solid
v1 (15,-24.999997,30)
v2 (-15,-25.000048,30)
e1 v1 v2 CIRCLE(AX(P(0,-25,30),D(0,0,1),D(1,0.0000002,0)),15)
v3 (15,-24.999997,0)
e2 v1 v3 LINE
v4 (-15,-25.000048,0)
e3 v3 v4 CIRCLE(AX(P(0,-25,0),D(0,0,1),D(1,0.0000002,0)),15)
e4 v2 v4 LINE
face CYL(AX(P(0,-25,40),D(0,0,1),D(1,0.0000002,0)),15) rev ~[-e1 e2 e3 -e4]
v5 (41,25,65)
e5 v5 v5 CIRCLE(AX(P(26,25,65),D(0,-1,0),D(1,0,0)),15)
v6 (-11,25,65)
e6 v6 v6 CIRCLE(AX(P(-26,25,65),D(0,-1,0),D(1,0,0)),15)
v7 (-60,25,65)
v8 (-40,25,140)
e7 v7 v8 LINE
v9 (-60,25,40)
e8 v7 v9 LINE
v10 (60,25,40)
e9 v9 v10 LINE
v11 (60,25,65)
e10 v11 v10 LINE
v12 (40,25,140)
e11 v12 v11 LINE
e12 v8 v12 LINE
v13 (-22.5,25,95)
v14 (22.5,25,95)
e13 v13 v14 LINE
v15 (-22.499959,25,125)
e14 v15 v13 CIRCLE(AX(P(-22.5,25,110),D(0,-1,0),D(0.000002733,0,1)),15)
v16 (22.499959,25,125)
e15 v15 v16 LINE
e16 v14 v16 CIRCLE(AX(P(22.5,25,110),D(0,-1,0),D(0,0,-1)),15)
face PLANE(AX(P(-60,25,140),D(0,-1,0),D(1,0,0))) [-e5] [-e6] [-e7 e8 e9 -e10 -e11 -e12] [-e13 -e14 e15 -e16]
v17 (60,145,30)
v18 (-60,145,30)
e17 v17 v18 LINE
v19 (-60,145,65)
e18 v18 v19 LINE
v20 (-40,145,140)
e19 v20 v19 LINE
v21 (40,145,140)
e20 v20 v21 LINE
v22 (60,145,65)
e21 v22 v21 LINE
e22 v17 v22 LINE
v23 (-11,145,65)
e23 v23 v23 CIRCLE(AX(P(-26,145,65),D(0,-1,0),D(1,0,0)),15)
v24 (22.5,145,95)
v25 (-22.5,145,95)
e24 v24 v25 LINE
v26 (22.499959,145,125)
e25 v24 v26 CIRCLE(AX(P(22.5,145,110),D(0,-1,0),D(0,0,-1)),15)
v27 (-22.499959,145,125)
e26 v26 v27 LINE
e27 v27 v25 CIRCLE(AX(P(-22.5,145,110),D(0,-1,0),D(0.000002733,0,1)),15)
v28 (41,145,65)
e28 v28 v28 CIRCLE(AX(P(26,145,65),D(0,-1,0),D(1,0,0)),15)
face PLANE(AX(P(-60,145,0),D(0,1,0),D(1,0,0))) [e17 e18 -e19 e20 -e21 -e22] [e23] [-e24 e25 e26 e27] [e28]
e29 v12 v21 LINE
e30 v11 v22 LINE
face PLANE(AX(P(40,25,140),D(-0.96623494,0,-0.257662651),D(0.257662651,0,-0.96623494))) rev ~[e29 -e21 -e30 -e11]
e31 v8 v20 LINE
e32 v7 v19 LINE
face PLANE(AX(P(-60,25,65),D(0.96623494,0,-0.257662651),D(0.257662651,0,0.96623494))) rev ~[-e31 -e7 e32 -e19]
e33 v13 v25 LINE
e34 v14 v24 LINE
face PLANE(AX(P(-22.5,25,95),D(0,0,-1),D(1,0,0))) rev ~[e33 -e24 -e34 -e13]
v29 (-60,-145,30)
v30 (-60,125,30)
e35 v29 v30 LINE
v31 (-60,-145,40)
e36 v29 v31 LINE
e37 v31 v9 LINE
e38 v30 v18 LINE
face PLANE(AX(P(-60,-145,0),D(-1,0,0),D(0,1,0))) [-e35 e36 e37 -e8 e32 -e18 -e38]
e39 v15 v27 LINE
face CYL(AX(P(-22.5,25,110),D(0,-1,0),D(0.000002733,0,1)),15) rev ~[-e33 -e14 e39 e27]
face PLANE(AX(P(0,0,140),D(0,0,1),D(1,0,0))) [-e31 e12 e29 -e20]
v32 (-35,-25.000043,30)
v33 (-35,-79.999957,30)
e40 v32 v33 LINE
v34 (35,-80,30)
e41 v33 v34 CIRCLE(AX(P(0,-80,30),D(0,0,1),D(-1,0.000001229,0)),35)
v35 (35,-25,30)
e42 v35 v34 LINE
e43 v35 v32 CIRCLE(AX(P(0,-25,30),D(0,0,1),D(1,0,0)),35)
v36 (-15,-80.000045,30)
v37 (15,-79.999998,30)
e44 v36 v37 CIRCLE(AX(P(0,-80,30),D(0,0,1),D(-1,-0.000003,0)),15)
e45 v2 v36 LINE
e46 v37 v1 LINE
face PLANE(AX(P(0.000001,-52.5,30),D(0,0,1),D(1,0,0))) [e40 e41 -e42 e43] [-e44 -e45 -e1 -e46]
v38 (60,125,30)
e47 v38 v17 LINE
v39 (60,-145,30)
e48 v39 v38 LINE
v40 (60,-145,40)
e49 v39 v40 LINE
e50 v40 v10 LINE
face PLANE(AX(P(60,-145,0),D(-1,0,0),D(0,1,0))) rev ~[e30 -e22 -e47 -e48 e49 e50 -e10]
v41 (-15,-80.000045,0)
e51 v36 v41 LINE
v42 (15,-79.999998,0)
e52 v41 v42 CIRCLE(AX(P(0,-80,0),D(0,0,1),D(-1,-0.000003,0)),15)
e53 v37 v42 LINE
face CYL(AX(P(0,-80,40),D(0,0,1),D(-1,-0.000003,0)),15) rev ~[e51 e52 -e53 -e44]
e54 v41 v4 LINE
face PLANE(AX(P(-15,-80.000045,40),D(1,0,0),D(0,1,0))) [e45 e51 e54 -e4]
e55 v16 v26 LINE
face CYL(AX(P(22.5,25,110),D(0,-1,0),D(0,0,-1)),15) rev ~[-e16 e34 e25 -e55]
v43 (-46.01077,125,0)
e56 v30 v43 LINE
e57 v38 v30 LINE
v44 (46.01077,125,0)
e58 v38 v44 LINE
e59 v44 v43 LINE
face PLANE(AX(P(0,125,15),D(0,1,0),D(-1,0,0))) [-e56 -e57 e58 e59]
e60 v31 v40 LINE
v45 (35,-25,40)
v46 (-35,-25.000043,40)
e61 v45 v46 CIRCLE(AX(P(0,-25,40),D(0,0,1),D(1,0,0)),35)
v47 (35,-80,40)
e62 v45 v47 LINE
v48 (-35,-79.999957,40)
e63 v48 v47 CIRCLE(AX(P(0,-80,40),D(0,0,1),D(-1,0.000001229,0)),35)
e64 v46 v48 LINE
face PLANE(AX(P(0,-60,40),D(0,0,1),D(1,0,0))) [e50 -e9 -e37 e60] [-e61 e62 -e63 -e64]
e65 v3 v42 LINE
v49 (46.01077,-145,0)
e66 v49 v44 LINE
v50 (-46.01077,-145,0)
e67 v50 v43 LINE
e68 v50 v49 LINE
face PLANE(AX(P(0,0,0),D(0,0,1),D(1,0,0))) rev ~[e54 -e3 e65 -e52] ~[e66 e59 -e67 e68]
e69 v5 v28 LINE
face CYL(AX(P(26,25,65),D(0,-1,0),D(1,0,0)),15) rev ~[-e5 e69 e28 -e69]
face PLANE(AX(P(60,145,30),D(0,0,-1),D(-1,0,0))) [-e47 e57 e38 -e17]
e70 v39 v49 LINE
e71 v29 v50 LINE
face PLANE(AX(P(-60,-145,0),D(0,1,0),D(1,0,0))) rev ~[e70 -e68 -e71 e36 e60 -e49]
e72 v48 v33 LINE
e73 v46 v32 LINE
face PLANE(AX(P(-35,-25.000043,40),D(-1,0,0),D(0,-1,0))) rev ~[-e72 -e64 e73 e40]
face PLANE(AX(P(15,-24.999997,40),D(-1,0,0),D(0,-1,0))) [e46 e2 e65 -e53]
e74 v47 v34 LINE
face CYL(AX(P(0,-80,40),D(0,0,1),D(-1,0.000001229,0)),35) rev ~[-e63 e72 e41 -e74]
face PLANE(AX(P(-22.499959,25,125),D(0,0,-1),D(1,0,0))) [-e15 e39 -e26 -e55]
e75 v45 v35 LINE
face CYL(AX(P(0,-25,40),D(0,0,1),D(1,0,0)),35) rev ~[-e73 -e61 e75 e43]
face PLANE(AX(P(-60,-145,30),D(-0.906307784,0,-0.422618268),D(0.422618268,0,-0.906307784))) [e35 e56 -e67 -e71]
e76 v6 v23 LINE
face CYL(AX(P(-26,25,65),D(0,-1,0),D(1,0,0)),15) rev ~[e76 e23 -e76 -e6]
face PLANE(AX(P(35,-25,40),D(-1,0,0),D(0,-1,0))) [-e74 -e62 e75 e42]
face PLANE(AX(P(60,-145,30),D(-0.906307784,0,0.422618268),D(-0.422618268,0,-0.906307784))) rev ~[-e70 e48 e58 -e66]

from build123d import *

# Parameters (mm, degrees)
SKETCH_W        = 120
SKETCH_H        = 290
PAD_DEPTH       = 140
SKETCH001_W     = 120
SKETCH001_H     = 170
POCKET_DEPTH    = 100
POCKET001_DEPTH = 120.001
SKETCH003_R     = 15
POCKET002_DEPTH = 120.001
POCKET003_DEPTH = 290.001
SKETCH005_W     = 120
SKETCH005_H     = 30
POCKET004_DEPTH = 20
POCKET005_DEPTH = 40.001
POCKET006_DEPTH = 10


with BuildPart() as part:
    # Sketch → Pad (new body)
    with BuildSketch(Plane.XY):
        Rectangle(SKETCH_W, SKETCH_H)
    extrude(amount=PAD_DEPTH)

    # Sketch001 → Pocket (cut)
    with BuildSketch(Plane.XY.offset(140)):
        with Locations((0, -60)):
            Rectangle(SKETCH001_W, SKETCH001_H)
    extrude(amount=-POCKET_DEPTH, mode=Mode.SUBTRACT)

    # Sketch002 → Pocket001 (cut, through all)
    with BuildSketch(Plane.XZ.offset(-25)):
        Polygon((40, 140), (60, 65), (60, 140), align=None)
        Polygon((-60, 65), (-40, 140), (-60, 140), align=None)
    extrude(amount=-POCKET001_DEPTH, mode=Mode.SUBTRACT)

    # Sketch003 → Pocket002 (cut, through all)
    with BuildSketch(Plane.XZ.offset(-25)):
        with Locations((-26, 65)):
            Circle(SKETCH003_R)
        with Locations((26, 65)):
            Circle(SKETCH003_R)
        with BuildLine():
            ThreePointArc((-22.499959, 125), (-37.5, 110.000021), (-22.5, 95))
            Line((-22.5, 95), (22.5, 95))
            ThreePointArc((22.5, 95), (37.5, 110.000021), (22.499959, 125))
            Line((-22.499959, 125), (22.499959, 125))
        make_face()
    extrude(amount=-POCKET002_DEPTH, mode=Mode.SUBTRACT)

    # Sketch004 → Pocket003 (cut, through all)
    with BuildSketch(Plane.XZ.offset(145)):
        Polygon((-60, 30), (-46.01077, 0), (-60, 0), align=None)
        Polygon((60, 30), (46.01077, 0), (60, 0), align=None)
    extrude(amount=-POCKET003_DEPTH, mode=Mode.SUBTRACT)

    # Sketch005 → Pocket004 (cut)
    with BuildSketch(Plane(origin=(0, 145, 0), x_dir=(-1, 0, 0), z_dir=(0, 1, 0))):
        with Locations((0, 15)):
            Rectangle(SKETCH005_W, SKETCH005_H)
    extrude(amount=-POCKET004_DEPTH, mode=Mode.SUBTRACT)

    # Sketch006 → Pocket005 (cut, through all)
    with BuildSketch(Plane.XY.offset(40)):
        with BuildLine():
            ThreePointArc((15, -24.999997), (-2.5e-05, -10), (-15, -25.000048))
            Line((-15, -80.000045), (-15, -25.000048))
            ThreePointArc((-15, -80.000045), (2.3e-05, -95), (15, -79.999998))
            Line((15, -24.999997), (15, -79.999998))
        make_face()
    extrude(amount=-POCKET005_DEPTH, mode=Mode.SUBTRACT)

    # Sketch007 → Pocket006 (cut)
    with BuildSketch(Plane.XY.offset(40)):
        with BuildLine():
            ThreePointArc((35, -25), (-2.1e-05, 10), (-35, -25.000043))
            Line((-35, -25.000043), (-35, -79.999957))
            ThreePointArc((-35, -79.999957), (-2.1e-05, -115), (35, -80))
            Line((35, -25), (35, -80))
        make_face()
    extrude(amount=-POCKET006_DEPTH, mode=Mode.SUBTRACT)


solid = part.part
